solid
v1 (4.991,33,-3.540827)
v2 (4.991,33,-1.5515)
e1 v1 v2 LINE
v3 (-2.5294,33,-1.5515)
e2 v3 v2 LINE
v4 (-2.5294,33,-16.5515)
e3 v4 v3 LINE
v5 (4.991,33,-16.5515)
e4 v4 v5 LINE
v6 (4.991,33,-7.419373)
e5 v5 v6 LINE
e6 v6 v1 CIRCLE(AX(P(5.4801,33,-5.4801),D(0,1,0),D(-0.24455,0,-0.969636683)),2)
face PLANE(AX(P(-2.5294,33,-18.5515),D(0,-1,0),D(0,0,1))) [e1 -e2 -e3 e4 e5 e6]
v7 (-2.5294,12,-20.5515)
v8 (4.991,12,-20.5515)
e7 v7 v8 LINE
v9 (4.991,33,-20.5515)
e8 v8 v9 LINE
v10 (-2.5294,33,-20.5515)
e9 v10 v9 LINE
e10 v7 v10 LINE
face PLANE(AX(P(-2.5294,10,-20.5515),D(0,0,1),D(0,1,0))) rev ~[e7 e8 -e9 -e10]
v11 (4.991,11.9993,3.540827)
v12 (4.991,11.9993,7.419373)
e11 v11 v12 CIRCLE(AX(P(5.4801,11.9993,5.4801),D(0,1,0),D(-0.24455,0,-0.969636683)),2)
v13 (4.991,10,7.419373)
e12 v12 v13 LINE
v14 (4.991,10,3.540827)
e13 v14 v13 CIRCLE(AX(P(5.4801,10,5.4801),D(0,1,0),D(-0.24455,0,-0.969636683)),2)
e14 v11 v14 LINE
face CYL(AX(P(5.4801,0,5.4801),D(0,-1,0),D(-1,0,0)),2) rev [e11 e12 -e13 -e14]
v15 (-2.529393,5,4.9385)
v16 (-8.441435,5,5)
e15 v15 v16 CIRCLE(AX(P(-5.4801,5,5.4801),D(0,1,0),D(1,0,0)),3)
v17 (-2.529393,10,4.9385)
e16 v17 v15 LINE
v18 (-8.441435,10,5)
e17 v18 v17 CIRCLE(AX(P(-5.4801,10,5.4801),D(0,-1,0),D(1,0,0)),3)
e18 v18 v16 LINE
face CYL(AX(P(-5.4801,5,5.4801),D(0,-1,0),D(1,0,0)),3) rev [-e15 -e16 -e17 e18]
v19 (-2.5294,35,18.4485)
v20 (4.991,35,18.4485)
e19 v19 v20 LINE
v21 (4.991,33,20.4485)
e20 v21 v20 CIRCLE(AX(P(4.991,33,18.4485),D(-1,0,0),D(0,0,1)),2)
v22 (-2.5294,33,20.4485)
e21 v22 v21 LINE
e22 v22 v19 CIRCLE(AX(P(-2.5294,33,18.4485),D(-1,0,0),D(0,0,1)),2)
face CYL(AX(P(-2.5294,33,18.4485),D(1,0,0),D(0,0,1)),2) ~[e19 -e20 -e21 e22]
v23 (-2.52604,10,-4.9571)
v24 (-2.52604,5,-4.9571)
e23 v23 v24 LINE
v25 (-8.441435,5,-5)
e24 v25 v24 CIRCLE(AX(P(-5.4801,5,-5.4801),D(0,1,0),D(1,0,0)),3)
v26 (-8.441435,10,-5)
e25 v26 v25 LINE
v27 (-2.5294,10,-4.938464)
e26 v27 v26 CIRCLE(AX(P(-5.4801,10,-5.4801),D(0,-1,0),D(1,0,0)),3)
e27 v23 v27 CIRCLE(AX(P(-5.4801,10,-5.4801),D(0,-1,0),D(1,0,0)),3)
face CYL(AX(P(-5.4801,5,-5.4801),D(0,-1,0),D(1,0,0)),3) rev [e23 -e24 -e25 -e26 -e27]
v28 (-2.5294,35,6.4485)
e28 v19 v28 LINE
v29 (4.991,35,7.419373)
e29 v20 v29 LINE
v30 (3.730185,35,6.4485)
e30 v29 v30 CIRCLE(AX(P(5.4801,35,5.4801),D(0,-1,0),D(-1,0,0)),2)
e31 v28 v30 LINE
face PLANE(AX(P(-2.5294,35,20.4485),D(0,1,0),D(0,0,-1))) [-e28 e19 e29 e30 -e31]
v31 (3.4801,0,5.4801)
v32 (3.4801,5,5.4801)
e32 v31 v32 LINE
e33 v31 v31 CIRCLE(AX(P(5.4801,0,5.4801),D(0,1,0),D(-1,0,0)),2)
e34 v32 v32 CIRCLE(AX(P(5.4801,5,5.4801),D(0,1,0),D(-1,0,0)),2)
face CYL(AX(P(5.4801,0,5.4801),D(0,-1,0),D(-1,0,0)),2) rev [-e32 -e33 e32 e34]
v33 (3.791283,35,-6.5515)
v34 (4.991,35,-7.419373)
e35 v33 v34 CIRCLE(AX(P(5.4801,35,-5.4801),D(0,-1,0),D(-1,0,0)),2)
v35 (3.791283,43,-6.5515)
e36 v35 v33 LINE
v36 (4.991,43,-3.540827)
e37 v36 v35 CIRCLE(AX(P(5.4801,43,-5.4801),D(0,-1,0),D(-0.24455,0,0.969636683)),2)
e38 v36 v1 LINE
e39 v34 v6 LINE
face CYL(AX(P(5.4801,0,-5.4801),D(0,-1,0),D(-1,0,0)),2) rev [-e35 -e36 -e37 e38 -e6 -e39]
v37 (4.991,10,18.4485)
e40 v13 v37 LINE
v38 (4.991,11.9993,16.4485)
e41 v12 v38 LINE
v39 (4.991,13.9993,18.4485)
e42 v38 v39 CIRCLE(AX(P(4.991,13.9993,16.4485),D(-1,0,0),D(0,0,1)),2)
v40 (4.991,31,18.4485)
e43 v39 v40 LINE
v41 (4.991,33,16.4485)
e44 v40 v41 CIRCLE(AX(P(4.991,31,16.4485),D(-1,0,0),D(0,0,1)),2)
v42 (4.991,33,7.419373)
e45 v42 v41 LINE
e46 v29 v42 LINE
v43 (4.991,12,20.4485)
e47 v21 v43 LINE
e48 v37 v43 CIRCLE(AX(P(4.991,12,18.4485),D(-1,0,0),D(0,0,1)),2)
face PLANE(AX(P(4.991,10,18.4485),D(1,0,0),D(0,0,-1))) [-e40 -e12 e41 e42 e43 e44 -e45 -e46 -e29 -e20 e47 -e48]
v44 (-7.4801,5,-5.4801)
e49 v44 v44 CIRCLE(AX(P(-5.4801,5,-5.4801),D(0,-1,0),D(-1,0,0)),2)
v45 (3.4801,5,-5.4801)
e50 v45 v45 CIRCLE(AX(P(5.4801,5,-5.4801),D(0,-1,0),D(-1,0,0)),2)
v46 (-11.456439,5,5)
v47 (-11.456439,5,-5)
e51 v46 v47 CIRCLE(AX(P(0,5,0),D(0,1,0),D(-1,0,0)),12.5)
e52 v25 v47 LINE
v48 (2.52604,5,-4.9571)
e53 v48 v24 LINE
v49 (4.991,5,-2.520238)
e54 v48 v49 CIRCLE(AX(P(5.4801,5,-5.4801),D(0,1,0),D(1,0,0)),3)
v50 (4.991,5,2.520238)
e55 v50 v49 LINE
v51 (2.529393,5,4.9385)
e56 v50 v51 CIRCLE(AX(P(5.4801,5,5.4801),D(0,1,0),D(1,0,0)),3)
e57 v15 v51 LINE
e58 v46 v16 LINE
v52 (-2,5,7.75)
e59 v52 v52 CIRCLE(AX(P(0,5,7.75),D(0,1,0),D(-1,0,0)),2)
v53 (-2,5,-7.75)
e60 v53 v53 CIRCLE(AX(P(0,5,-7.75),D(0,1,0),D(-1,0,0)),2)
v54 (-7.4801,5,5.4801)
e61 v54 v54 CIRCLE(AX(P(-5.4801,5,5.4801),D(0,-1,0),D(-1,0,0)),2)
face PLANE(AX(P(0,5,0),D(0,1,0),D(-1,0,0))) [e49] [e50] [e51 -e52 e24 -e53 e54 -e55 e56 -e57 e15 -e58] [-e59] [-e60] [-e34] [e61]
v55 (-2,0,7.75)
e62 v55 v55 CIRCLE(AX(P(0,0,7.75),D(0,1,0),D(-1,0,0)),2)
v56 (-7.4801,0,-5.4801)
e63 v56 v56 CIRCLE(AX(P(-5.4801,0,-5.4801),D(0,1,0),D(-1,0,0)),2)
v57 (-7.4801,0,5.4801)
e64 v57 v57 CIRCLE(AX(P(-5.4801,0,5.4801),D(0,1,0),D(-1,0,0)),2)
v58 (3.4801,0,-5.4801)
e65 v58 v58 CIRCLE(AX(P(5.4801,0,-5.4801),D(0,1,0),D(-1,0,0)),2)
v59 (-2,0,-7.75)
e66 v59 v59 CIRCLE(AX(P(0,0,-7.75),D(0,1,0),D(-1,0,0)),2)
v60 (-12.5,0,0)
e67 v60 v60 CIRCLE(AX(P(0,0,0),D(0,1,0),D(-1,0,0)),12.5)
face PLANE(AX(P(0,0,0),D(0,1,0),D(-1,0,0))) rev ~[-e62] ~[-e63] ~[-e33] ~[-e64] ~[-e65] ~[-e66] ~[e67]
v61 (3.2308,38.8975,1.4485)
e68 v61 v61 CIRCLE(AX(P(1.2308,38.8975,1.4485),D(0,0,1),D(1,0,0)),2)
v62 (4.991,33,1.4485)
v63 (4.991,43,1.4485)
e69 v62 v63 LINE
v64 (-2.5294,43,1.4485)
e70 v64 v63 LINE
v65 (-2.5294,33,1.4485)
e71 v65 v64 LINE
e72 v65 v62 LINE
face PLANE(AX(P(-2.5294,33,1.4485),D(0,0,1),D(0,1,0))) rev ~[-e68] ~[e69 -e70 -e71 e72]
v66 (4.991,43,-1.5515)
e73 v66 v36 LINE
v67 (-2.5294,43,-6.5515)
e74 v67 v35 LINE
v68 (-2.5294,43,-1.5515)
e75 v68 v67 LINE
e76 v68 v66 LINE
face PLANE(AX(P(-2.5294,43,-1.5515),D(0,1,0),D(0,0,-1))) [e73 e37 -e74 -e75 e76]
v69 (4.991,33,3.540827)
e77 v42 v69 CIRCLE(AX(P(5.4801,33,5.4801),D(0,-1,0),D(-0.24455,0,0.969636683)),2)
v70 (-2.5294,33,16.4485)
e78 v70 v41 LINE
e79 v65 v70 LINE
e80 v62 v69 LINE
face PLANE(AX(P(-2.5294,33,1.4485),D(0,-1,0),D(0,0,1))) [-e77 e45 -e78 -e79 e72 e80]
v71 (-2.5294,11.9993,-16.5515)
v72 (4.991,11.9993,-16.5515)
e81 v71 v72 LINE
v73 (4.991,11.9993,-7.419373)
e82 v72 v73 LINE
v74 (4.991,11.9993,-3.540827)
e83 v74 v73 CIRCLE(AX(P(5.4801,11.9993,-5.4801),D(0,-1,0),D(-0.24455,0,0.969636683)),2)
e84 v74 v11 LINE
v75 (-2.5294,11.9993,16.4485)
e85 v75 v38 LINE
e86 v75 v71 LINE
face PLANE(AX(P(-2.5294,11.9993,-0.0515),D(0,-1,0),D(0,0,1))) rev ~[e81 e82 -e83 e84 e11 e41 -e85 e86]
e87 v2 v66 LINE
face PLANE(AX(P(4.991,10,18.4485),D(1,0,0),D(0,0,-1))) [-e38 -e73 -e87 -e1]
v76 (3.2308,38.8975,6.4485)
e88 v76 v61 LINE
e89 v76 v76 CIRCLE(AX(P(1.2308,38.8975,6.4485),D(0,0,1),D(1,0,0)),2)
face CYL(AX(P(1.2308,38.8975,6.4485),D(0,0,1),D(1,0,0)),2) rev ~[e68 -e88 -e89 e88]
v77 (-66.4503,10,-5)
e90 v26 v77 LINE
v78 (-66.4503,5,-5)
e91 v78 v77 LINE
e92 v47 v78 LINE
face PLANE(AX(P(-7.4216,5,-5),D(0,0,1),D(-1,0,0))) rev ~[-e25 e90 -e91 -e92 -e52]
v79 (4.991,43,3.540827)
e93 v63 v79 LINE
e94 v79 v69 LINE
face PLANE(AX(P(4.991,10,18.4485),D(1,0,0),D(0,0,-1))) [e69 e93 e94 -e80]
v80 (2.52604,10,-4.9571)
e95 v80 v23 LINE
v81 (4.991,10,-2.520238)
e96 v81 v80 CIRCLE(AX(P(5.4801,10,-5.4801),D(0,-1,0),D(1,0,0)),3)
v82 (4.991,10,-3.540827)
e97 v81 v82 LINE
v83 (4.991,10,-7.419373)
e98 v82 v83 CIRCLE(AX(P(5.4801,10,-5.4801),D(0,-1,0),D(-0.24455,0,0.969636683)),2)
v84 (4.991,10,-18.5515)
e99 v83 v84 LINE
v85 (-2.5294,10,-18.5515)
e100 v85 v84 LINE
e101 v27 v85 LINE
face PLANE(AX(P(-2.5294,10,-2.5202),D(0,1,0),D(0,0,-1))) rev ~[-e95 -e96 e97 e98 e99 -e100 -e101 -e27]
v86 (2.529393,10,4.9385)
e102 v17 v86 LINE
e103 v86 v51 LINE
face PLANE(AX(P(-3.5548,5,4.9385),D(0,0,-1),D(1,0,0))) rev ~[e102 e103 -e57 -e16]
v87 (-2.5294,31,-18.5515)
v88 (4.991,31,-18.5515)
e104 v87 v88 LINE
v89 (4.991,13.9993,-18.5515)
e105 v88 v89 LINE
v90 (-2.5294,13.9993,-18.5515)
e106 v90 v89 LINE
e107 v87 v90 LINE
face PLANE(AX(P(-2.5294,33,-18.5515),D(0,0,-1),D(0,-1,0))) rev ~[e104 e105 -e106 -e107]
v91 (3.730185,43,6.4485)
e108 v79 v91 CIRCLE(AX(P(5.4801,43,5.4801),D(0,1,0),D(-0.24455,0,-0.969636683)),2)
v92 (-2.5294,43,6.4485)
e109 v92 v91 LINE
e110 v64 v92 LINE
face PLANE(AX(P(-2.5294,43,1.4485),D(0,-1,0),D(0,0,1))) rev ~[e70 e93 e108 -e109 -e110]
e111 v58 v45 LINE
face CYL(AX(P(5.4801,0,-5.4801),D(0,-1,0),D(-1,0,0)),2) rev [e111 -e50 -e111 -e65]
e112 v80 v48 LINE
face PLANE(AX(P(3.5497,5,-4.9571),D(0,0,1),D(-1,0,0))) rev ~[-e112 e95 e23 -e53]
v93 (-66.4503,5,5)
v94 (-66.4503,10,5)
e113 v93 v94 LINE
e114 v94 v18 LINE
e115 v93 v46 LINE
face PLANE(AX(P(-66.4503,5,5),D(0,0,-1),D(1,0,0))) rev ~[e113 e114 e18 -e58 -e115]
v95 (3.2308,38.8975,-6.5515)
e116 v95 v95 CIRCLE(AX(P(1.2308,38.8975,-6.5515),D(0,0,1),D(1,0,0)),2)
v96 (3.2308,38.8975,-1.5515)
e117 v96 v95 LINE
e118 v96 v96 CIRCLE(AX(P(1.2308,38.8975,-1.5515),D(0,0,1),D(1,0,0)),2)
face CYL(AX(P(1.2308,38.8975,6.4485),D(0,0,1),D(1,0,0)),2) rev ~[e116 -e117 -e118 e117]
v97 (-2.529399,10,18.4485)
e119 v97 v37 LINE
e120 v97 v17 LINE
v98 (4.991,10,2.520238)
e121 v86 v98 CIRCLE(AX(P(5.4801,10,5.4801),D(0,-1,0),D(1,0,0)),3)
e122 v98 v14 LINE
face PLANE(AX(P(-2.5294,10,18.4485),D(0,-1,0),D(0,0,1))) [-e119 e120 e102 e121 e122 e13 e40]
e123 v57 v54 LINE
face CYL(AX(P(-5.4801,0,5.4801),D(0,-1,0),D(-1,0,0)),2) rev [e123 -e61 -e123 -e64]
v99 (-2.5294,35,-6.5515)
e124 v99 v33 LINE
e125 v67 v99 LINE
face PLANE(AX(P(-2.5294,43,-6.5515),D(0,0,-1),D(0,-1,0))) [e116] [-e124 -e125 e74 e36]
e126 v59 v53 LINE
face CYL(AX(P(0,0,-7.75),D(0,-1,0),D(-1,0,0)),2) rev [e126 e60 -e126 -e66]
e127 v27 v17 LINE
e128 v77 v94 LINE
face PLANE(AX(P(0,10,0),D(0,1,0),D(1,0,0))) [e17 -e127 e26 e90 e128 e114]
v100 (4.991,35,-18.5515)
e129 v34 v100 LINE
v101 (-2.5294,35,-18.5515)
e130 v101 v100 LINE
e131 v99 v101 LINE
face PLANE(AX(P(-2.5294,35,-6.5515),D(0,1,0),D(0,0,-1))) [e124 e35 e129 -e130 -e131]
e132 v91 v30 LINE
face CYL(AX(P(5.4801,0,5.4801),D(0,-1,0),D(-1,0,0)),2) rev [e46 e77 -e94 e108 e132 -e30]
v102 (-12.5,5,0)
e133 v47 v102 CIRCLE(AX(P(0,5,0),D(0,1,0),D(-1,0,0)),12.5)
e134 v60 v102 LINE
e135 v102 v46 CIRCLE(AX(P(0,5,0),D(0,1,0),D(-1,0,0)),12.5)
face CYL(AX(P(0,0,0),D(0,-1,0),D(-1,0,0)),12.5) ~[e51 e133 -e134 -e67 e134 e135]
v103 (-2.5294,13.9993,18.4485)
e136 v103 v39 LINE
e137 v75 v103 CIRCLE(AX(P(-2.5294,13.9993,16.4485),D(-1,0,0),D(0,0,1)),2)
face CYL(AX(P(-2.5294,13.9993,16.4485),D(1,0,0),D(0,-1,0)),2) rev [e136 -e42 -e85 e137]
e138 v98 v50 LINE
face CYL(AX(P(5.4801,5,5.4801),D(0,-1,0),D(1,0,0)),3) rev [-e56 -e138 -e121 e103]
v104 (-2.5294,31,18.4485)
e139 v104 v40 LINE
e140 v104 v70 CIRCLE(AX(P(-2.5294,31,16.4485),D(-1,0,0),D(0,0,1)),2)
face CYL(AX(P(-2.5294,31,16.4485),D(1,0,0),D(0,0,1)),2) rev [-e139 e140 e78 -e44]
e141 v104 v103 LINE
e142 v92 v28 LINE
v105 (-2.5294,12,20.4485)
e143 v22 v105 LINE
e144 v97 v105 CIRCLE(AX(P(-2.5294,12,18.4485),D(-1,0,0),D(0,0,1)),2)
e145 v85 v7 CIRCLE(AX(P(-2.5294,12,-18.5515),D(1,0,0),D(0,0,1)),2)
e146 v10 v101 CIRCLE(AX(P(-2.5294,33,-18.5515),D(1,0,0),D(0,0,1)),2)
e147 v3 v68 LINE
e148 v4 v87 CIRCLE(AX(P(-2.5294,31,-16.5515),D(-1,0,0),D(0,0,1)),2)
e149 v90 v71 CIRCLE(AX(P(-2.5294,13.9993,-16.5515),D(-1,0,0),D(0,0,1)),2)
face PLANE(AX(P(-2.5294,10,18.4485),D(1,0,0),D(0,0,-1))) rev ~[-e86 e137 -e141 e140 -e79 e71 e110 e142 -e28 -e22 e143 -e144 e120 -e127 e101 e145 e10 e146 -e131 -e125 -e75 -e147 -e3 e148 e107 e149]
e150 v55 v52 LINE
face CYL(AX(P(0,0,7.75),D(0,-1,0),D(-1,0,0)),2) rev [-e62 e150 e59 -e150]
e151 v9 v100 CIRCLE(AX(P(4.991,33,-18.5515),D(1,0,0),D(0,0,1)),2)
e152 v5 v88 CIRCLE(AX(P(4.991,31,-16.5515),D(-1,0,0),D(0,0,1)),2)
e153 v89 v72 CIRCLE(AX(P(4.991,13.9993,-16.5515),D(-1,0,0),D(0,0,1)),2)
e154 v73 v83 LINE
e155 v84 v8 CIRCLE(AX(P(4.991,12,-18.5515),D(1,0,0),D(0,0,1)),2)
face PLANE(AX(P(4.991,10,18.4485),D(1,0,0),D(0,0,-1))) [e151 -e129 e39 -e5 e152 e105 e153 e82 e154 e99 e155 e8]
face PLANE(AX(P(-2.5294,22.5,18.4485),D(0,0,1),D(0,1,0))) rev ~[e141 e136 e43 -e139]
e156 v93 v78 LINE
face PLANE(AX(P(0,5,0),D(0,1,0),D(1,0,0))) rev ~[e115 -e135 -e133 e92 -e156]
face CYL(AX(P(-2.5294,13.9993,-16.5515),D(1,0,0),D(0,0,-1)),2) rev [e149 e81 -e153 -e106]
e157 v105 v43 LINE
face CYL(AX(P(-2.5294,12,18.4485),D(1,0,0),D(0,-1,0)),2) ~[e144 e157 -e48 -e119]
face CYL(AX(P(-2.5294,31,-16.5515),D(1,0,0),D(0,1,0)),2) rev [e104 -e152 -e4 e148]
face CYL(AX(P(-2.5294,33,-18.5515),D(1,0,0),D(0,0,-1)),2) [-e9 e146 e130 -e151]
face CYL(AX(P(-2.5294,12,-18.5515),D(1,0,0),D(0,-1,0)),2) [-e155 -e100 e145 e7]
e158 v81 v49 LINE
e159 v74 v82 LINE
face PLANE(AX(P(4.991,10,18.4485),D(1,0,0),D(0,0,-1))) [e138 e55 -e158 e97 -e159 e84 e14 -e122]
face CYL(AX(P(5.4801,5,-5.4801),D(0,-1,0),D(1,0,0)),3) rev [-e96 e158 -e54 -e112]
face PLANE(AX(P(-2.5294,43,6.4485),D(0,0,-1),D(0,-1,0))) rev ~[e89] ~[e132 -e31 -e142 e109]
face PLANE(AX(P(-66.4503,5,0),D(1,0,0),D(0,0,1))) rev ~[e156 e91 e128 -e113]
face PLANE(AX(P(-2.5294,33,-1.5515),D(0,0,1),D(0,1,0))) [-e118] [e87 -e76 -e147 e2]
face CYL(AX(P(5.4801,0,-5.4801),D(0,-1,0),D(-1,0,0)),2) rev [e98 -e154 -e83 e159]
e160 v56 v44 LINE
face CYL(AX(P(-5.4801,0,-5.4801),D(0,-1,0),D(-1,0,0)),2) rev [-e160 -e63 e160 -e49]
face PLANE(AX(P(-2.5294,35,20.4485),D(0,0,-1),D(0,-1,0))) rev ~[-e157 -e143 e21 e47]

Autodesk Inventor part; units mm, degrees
ref_plane "YZ Plane" through (0, 0, 0) normal (1, 0, 0) x (0, 1, 0)
ref_plane "XZ Plane" through (0, 0, 0) normal (0, 1, 0) x (-1, 0, 0)
ref_plane "XY Plane" through (0, 0, 0) normal (0, 0, 1) x (1, 0, 0)
sketch "Sketch1" plane through (0, 0, 0) normal (0, 1, 0) x (-1, 0, 0)
  circle A0 centre (0, 0) radius 12.5
  line L0 (0, 0) -> (7.75, 0) construction
  circle A1 centre (5.4801, -5.4801) radius 2
  circle A2 centre (-5.4801, -5.4801) radius 2
  circle A3 centre (-5.4801, 5.4801) radius 2
  circle A4 centre (5.4801, 5.4801) radius 2
  circle A5 centre (0, -7.75) radius 2
  circle A6 centre (0, 7.75) radius 2
  dimension "d0" = 25
  dimension "d3" = 4
  dimension "d6" = 360
  dimension "d8" = 4
  dimension "d11" = 360
extrude "Extrusion1" add sketch "Sketch1" along normal blind 5
sketch "Sketch2" plane through (0, 5, 0) normal (0, 1, 0) x (1, 0, 0)
  line L0 (4.991, -3.5408) -> (4.991, 3.5408)
  line L1 (-66.4503, 5) -> (-66.4503, -5)
  line L2 (4.991, -4.9385) -> (14.991, -4.9385) construction
  line L3 (-82.7386, 0) -> (31.2793, 0) projected
  arc A0 (-3.5548, -4.9385) -> (-7.4216, -5) centre (-5.4801, -5.4801) ccw
  line L4 (-66.4503, -5) -> (-7.4216, -5)
  line L5 (-3.5548, -4.9385) -> (3.5548, -4.9385)
  circle A1 centre (-5.4801, 5.4801) radius 2 projected
  arc A2 (-7.4216, 5) -> (-3.5497, 4.9571) centre (-5.4801, 5.4801) ccw
  line L6 (3.5497, 4.9571) -> (-3.5497, 4.9571)
  line L7 (-7.4216, 5) -> (-66.4503, 5)
  arc A3 (4.991, -3.5408) -> (3.5548, -4.9385) centre (5.4801, -5.4801) ccw
  circle A4 centre (5.4801, 5.4801) radius 2 projected
  arc A5 (3.5497, 4.9571) -> (4.991, 3.5408) centre (5.4801, 5.4801) ccw
  dimension "d24" = 10
  dimension "d25" = 90
  dimension "d26" = 70
  dimension "d27" = 4
  dimension "d28" = 4
  dimension "d29" = 4
  dimension "d30" = 4
extrude "Extrusion2" add sketch "Sketch2" along normal blind 5 contours A3 L5 A0 L4 L1 L3 L0 | L3 L1 L7 A1 L6 A4 L0
sketch "Sketch4" plane through (0, 10, 0) normal (0, 1, 0) x (1, 0, 0)
  line L0 (-3.5548, -4.9385) -> (3.5548, -4.9385) projected
  line L1 (-3.5548, -4.9385) -> (3.5548, -4.9385)
  line L2 (3.5497, 4.9571) -> (-3.5497, 4.9571) projected
  line L3 (-3.5497, 4.9571) -> (3.5497, 4.9571)
  line L4 (-4.4956, -10.2074) -> (2.6201, -10.2074)
  point P0 (0, 0)
sketch "Sketch8" plane through (0, 5, 0) normal (0, 1, 0) x (1, 0, 0)
  circle A0 centre (-5.4801, 5.4801) radius 2 projected
  circle A1 centre (-5.4801, 5.4801) radius 3
  circle A2 centre (-5.4801, -5.4801) radius 2 projected
  circle A3 centre (-5.4801, -5.4801) radius 3
  circle A4 centre (5.4801, 5.4801) radius 2 projected
  circle A5 centre (5.4801, 5.4801) radius 3
  arc A6 (3.5548, -4.9385) -> (4.991, -3.5408) centre (5.4801, -5.4801) ccw projected
  circle A7 centre (5.4801, -5.4801) radius 3
  point P0 (0, 0)
  dimension "d50" = 6
  dimension "d51" = 6
  dimension "d52" = 6
  dimension "d53" = 6
extrude "Extrusion6" cut sketch "Sketch8" along normal blind 39.25 contours A0 | A1 | A2 | A3 | A4 | A5 | A7
sketch "Sketch30" plane through (0, 10, 0) normal (0, 1, 0) x (1, 0, 0)
  line L0 (-2.5294, -4.9385) -> (2.5294, -4.9385) projected
  arc A0 (-8.4414, 5) -> (-2.526, 4.9571) centre (-5.4801, 5.4801) ccw projected
  line L1 (-2.5294, -18.4485) -> (-2.5294, 18.5515)
  arc A1 (4.991, -2.5202) -> (2.5294, -4.9385) centre (5.4801, -5.4801) ccw projected
  arc A2 (2.526, 4.9571) -> (4.991, 2.5202) centre (5.4801, 5.4801) ccw projected
  point P0 (0, 0)
  dimension "d90" = 13.51
  dimension "d91" = 37
sketch "Sketch31" plane through (4.991, 5, 2.5202) normal (1, 0, 0) x (0, 0, -1)
  point P0 (2.5202, -5)
ref_plane "Work Plane4" through (-2.5294, 10, 18.4485) normal (1, 0, 0) x (0, 0, -1)
sketch "Sketch41" plane through (-2.5294, 10, 18.4485) normal (1, 0, 0) x (0, 0, -1)
  line L0 (0, 0) -> (-2, 0)
  line L1 (-2, 0) -> (39, 0)
  line L2 (15.9283, 0) -> (20.9687, 0) projected
  line L3 (39, 0) -> (39, 25)
  line L4 (-2, 25) -> (-2, 0)
  line L5 (18.5, 1.9993) -> (0, 1.9993)
  line L6 (18.5, 1.9993) -> (37, 1.9993)
  line L7 (0, 1.9993) -> (37, 1.9993)
  line L8 (37, 23) -> (37, 1.9993)
  line L9 (0, 12.5) -> (0, 23)
  line L10 (0, 23) -> (0, 1.9993)
  line L11 (17, 23) -> (17, 33)
  line L12 (17, 33) -> (12, 33)
  line L13 (12, 33) -> (12, 25)
  line L14 (20, 23) -> (20, 33)
  line L15 (20, 33) -> (25, 33)
  line L16 (25, 33) -> (25, 25)
  line L17 (25, 25) -> (39, 25)
  line L18 (39, 25) -> (39, 0)
  line L19 (39, 0) -> (-2, 0)
  line L20 (30.9485, -10) -> (5.9485, -10) projected
  line L21 (-2, 0) -> (-2, 25)
  line L22 (-2, 25) -> (12, 25)
  line L23 (12, 33) -> (17, 33)
  line L24 (17, 33) -> (17, 23)
  line L25 (17, 23) -> (0, 23)
  line L26 (0, 23) -> (0, 1.9993)
  line L27 (37, 1.9993) -> (0, 1.9993)
  line L28 (30.9485, -5) -> (5.9485, -5) projected
  line L29 (37, 1.9993) -> (37, 23)
  line L30 (37, 23) -> (20, 23)
  line L31 (20, 23) -> (20, 33)
  line L32 (25, 33) -> (25, 25)
  point P0 (18.4485, -10)
  point P1 (13.4485, -5)
  point P2 (23.4485, -5)
  point P3 (0, 12.5)
  dimension "d129" = 2
  dimension "d130" = 41
  dimension "d131" = 25
  dimension "d132" = 41
  dimension "d138" = 3
  dimension "d139" = 10
  dimension "d140" = 5
  dimension "d141" = 5
extrude "Extrusion14" add sketch "Sketch41" along normal up to surface (7.5204 mm away)
sketch "Sketch42" plane through (-2.5294, 35, 6.4485) normal (0, 0, 1) x (1, 0, 0)
  line L0 (0, 0) -> (0, 8) projected
  line L1 (7.5204, -2) -> (7.5204, 8) projected
  line L2 (0, 8) -> (7.5204, 8) projected
  circle A0 centre (3.7602, 3.8975) radius 2
  point P0 (2.5294, -35)
  dimension "d144" = 4
extrude "Extrusion15" cut sketch "Sketch42" against normal through all
fillet "Fillet3" radius 2 8 edges at (1.2308, 11.9993, 18.4485) (1.2308, 10, 20.4485) (1.2308, 10, -20.5515) (1.2308, 35, -20.5515) (1.2308, 33, -18.5515) (1.2308, 11.9993, -18.5515) (1.2308, 33, 18.4485) (1.2308, 35, 20.4485)
extrude "Extrusion17" cut sketch "Sketch1" along normal through all contours A2 | A3
properties part number "Marker holder"
